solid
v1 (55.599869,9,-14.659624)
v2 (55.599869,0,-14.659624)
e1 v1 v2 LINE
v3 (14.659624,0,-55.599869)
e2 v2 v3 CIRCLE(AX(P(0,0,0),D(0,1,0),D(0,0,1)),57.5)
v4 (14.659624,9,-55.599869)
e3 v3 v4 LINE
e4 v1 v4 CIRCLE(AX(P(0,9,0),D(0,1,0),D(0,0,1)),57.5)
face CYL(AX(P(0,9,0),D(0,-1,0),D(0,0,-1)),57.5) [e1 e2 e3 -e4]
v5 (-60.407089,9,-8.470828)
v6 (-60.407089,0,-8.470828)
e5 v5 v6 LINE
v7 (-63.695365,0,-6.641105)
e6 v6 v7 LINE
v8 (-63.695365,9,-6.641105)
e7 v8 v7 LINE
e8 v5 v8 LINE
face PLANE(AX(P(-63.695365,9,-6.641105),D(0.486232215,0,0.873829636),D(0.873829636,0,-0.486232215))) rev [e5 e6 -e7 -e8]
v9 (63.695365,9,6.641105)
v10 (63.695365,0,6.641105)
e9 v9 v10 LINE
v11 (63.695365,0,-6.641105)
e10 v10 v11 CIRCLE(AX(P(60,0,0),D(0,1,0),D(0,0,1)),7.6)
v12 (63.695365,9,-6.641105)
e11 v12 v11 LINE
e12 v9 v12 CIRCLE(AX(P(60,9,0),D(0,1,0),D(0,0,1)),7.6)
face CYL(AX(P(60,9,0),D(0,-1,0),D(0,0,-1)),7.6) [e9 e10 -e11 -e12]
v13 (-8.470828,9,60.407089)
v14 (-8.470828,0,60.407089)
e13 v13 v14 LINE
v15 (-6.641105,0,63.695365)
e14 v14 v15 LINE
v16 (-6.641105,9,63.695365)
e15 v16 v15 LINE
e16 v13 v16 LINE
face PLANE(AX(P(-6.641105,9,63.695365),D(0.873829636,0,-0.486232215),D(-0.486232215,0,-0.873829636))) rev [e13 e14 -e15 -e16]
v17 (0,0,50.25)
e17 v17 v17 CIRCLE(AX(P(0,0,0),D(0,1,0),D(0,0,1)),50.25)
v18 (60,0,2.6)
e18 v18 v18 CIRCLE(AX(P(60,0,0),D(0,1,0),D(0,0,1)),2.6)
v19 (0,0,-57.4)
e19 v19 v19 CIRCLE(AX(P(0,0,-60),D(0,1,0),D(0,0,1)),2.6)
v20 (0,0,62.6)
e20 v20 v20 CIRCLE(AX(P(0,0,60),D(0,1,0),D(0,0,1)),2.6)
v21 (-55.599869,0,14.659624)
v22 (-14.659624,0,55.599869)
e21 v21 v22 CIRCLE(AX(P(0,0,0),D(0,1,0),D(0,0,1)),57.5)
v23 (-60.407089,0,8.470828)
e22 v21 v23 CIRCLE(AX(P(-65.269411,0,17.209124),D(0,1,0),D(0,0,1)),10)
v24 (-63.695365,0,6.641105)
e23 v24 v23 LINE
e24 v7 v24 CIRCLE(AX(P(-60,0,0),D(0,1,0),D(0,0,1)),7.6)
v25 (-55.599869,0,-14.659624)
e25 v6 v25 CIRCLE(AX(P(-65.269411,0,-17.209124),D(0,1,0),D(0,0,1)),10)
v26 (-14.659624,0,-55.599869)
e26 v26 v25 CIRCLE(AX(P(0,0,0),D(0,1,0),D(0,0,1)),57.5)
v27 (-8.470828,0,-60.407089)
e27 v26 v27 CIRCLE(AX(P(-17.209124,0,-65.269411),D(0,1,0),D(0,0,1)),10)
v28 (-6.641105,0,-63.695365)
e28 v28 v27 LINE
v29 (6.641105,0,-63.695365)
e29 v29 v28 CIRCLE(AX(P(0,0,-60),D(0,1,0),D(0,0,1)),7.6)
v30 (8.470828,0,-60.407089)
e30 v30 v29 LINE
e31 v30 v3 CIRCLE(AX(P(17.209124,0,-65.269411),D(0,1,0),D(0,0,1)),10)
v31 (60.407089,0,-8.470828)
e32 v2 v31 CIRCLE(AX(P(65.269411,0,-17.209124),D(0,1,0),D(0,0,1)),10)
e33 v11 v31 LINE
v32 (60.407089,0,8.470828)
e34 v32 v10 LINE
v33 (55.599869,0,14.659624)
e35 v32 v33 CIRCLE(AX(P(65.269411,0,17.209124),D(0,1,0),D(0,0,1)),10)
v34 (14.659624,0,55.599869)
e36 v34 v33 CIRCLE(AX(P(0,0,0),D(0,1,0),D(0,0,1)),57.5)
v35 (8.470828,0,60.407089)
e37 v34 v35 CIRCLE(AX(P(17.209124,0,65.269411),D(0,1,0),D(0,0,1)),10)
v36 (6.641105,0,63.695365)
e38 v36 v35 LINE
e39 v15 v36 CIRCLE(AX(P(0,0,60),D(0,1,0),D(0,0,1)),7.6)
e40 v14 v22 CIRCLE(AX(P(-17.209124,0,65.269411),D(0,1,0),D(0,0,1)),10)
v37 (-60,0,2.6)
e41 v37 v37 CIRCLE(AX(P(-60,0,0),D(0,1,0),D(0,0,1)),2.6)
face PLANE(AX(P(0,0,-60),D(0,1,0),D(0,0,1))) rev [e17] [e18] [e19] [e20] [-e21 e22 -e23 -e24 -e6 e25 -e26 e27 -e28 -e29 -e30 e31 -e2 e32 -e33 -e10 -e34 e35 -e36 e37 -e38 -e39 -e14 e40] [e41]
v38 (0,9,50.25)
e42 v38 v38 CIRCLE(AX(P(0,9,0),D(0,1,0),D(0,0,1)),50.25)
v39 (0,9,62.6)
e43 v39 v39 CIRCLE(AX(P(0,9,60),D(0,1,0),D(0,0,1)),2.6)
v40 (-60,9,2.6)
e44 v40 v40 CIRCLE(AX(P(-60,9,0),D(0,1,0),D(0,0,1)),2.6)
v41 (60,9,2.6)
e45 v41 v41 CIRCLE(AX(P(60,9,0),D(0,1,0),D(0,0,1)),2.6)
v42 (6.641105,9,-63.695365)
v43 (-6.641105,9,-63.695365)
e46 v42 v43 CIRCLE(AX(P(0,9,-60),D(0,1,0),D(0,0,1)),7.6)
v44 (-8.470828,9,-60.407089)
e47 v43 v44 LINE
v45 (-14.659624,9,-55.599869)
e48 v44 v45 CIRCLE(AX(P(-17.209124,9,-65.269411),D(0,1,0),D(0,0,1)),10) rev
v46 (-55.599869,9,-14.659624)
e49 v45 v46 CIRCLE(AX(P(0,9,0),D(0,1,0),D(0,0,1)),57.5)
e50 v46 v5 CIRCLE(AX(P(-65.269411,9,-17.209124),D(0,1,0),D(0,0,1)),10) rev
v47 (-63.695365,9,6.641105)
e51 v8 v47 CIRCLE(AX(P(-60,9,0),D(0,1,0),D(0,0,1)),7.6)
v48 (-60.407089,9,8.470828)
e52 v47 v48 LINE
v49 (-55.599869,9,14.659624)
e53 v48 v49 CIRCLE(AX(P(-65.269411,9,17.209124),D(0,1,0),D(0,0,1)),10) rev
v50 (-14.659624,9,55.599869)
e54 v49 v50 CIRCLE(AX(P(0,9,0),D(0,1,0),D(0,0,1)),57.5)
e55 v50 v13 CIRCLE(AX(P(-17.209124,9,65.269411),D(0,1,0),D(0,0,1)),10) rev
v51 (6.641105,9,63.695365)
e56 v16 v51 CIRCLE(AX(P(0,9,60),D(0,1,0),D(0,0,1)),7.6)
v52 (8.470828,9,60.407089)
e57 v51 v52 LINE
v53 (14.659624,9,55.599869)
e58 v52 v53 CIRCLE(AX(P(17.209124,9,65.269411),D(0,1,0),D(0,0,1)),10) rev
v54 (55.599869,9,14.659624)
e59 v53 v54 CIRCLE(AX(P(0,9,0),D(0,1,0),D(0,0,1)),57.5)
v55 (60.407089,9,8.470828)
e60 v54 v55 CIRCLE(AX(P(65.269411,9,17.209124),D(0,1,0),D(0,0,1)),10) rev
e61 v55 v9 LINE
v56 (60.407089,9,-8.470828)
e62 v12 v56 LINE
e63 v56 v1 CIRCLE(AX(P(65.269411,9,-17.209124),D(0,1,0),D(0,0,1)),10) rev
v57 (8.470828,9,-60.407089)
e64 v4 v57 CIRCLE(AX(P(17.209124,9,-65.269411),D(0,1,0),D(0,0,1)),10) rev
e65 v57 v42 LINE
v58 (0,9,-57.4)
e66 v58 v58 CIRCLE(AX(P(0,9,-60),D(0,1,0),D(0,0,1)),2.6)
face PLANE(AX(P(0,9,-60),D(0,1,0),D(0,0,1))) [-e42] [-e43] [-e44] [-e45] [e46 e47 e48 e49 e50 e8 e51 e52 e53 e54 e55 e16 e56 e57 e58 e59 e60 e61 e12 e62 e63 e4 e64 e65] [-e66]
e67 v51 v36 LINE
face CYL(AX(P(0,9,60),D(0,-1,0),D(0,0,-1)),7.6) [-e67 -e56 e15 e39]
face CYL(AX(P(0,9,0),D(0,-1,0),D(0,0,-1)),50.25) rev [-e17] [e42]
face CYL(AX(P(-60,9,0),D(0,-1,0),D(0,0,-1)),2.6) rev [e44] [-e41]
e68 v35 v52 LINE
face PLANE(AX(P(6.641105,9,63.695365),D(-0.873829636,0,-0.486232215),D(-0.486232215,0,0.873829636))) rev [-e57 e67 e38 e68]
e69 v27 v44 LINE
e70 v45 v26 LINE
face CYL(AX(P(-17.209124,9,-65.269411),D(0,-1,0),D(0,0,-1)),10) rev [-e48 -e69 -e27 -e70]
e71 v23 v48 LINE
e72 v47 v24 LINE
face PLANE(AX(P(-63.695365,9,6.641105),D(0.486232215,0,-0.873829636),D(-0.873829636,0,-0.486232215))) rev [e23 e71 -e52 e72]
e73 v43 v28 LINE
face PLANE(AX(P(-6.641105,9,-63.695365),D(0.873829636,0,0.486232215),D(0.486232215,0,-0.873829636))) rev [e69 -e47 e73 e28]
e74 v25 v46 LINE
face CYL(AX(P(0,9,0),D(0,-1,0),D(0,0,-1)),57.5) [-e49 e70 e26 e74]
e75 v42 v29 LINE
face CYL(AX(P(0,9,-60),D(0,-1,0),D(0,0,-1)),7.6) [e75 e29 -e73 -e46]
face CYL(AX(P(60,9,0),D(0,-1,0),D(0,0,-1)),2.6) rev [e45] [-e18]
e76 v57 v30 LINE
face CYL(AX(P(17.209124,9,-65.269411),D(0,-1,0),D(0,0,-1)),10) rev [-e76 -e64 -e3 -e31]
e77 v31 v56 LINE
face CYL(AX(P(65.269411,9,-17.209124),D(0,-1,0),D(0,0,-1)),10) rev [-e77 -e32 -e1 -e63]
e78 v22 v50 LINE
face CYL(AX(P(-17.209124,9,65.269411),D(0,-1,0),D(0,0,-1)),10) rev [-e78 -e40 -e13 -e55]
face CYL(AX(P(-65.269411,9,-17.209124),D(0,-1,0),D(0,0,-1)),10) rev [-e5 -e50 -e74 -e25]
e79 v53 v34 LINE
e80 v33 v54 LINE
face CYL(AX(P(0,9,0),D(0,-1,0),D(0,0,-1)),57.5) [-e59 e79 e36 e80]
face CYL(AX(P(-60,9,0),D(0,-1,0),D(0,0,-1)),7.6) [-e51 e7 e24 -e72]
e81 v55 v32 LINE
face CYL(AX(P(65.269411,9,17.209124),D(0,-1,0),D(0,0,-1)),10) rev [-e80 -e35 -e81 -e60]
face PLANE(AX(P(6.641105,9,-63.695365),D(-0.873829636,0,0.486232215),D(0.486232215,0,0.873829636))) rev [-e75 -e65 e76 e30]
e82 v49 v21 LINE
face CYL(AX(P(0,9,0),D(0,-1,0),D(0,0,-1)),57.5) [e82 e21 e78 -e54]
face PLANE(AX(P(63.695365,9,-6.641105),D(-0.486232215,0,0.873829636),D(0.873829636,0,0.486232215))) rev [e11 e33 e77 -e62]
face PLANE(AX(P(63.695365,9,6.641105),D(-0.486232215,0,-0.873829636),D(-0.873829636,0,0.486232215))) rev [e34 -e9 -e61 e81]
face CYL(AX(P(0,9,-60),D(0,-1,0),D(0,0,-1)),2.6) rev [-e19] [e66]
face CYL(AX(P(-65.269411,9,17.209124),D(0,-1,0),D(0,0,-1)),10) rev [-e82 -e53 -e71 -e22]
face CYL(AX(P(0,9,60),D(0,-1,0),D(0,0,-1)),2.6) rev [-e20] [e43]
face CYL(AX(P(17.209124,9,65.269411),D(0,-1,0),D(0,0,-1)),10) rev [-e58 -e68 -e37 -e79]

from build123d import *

# Parameters (mm, degrees)
SKETCH_1_R      = 50.25
SKETCH_1_R_2    = 2.6
EXTRUDE_1_DEPTH = 9
FILLET_1_R      = 10


with BuildPart() as part:
    # ｽｹｯﾁ1 → ﾎﾞｽ - 押し出し1 (new body)
    with BuildSketch(Plane(origin=(0, 0, 0), x_dir=(1, 0, 0), z_dir=(0, 1, 0))):
        with BuildLine():
            Line((-6.641105235, 63.695364835), (-10.641105235, 56.506786136))
            ThreePointArc((-10.641105235, 56.506786136), (-40.658639918, 40.658639918), (-56.506786136, 10.641105235))
            Line((-56.506786136, 10.641105235), (-63.695364835, 6.641105235))
            ThreePointArc((-63.695364835, 6.641105235), (-67.6, 0), (-63.695364835, -6.641105235))
            Line((-63.695364835, -6.641105235), (-56.506786136, -10.641105235))
            ThreePointArc((-56.506786136, -10.641105235), (-40.658639918, -40.658639918), (-10.641105235, -56.506786136))
            Line((-10.641105235, -56.506786136), (-6.641105235, -63.695364835))
            ThreePointArc((-6.641105235, -63.695364835), (0, -67.6), (6.641105235, -63.695364835))
            Line((6.641105235, -63.695364835), (10.641105235, -56.506786136))
            ThreePointArc((10.641105235, -56.506786136), (40.658639918, -40.658639918), (56.506786136, -10.641105235))
            Line((56.506786136, -10.641105235), (63.695364835, -6.641105235))
            ThreePointArc((63.695364835, -6.641105235), (67.6, 0), (63.695364835, 6.641105235))
            Line((63.695364835, 6.641105235), (56.506786136, 10.641105235))
            ThreePointArc((56.506786136, 10.641105235), (40.658639918, 40.658639918), (10.641105235, 56.506786136))
            Line((10.641105235, 56.506786136), (6.641105235, 63.695364835))
            ThreePointArc((6.641105235, 63.695364835), (0, 67.6), (-6.641105235, 63.695364835))
        make_face()
        with Locations(Location((0, 0, 0), (0, 0, 270))):
            Circle(SKETCH_1_R, mode=Mode.SUBTRACT)
        with Locations(Location((0, 60, 0), (0, 0, 270))):
            Circle(SKETCH_1_R_2, mode=Mode.SUBTRACT)
        with Locations(Location((60, 0, 0), (0, 0, 270))):
            Circle(SKETCH_1_R_2, mode=Mode.SUBTRACT)
        with Locations(Location((0, -60, 0), (0, 0, 270))):
            Circle(SKETCH_1_R_2, mode=Mode.SUBTRACT)
        with Locations(Location((-60, 0, 0), (0, 0, 270))):
            Circle(SKETCH_1_R_2, mode=Mode.SUBTRACT)
    extrude(amount=EXTRUDE_1_DEPTH)

    # ﾌｨﾚｯﾄ1
    fillet_1_edges = [part.edges().sort_by_distance(p)[0] for p in [
        (10.641105235, 4.5, -56.506786136),
        (56.506786136, 4.5, -10.641105235),
        (56.506786136, 4.5, 10.641105235),
        (10.641105235, 4.5, 56.506786136),
        (-10.641105235, 4.5, 56.506786136),
        (-56.506786136, 4.5, 10.641105235),
        (-56.506786136, 4.5, -10.641105235),
        (-10.641105235, 4.5, -56.506786136),
    ]]
    fillet(fillet_1_edges, radius=FILLET_1_R)


solid = part.part
